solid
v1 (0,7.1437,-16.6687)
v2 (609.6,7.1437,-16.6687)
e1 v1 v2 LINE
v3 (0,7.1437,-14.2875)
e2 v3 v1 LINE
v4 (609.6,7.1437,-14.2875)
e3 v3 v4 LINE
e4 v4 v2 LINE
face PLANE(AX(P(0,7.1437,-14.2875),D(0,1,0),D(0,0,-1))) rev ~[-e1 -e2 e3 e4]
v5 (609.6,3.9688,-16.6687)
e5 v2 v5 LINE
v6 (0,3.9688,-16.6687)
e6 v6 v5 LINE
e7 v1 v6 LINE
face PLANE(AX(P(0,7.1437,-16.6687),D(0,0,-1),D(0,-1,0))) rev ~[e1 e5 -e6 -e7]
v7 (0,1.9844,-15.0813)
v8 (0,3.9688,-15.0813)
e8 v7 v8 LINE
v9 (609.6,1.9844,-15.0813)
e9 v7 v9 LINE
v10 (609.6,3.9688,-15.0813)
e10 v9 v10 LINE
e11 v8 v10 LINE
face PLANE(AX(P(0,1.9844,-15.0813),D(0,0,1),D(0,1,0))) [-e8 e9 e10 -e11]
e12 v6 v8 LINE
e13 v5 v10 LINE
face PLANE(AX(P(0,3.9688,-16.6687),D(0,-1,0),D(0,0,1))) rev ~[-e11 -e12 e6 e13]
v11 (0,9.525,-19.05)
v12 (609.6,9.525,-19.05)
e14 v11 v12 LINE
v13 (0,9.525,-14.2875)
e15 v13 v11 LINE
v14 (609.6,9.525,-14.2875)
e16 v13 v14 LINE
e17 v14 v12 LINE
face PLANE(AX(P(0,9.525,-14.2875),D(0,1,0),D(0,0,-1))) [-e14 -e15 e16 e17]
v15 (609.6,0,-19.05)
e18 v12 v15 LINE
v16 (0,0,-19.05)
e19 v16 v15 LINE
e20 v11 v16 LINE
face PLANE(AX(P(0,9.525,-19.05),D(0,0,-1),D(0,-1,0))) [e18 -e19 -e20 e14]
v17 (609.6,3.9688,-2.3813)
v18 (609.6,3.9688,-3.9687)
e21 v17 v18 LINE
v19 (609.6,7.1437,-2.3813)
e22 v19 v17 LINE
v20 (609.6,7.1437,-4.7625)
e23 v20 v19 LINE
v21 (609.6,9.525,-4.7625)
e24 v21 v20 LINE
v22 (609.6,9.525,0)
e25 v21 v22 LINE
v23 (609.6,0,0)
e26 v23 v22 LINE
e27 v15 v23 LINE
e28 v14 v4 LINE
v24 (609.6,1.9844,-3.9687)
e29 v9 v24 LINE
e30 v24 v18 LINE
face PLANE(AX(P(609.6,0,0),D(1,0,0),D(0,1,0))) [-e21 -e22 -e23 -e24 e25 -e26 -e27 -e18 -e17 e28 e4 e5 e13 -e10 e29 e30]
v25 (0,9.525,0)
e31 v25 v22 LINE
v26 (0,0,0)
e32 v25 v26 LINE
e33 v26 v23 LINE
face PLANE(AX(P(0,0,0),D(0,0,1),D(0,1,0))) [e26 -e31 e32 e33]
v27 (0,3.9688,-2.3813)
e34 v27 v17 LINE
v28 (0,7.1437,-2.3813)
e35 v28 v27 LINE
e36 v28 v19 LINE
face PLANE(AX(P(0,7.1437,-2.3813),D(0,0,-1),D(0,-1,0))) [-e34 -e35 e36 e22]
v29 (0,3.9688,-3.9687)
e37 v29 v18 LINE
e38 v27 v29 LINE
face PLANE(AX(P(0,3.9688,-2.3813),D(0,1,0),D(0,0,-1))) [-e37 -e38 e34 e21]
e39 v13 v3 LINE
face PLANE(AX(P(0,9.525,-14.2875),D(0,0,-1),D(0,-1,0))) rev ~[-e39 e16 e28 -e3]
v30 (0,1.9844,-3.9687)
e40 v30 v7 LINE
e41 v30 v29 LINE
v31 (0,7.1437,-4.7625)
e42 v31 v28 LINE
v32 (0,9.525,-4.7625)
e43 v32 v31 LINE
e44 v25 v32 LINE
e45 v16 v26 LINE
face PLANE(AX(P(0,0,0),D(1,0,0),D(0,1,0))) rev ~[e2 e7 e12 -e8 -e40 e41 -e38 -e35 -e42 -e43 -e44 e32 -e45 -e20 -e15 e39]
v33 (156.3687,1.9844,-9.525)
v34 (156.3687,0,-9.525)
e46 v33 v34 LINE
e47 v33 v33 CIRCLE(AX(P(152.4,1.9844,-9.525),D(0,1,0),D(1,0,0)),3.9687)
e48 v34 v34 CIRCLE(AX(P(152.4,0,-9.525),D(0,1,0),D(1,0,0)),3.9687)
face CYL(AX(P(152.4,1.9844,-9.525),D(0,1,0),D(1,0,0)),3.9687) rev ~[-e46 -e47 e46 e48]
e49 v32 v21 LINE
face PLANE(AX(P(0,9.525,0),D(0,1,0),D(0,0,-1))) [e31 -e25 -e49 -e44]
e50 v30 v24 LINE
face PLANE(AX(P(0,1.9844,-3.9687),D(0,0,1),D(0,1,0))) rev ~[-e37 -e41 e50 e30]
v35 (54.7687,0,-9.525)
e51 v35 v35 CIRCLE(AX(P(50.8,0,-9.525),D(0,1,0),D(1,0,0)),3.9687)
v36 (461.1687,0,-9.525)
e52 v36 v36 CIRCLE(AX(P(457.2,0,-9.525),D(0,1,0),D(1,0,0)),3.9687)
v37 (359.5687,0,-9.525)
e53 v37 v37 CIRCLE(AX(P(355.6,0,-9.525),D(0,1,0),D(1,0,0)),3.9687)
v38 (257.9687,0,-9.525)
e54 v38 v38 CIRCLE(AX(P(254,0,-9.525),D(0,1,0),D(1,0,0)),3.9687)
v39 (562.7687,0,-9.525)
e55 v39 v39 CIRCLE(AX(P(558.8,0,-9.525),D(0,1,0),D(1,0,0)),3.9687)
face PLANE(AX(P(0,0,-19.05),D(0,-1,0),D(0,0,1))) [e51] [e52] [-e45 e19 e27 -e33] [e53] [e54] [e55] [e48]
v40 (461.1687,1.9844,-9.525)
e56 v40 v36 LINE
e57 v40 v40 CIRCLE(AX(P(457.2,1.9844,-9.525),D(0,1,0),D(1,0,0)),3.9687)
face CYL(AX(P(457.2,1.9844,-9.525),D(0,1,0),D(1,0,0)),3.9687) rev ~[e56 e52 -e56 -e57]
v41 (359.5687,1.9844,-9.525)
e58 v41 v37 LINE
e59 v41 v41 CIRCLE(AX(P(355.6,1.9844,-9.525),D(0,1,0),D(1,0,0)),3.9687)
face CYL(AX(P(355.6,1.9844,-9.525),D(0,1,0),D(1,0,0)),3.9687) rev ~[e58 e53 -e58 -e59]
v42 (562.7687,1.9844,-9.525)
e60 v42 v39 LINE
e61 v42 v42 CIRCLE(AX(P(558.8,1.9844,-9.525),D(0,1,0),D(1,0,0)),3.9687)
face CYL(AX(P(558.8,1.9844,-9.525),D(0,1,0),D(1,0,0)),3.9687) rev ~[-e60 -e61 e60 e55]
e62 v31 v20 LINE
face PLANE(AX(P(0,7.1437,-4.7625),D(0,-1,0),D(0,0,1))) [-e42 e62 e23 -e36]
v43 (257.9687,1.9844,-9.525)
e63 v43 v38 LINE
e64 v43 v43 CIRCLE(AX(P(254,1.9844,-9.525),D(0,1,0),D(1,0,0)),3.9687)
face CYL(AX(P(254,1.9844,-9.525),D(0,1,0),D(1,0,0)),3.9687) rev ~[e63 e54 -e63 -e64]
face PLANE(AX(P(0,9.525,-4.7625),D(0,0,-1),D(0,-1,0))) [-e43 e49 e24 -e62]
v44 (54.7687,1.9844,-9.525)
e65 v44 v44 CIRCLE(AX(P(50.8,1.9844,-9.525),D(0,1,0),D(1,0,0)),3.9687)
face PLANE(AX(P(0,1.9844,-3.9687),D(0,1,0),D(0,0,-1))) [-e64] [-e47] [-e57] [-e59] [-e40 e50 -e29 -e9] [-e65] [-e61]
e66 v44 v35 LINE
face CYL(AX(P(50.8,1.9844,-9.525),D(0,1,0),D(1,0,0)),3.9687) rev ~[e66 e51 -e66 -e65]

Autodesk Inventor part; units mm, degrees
ref_plane "YZ Plane" through (0, 0, 0) normal (1, 0, 0) x (0, 1, 0)
ref_plane "XZ Plane" through (0, 0, 0) normal (0, 1, 0) x (-1, 0, 0)
ref_plane "XY Plane" through (0, 0, 0) normal (0, 0, 1) x (1, 0, 0)
sketch "Sketch1" plane through (0, 0, 0) normal (1, 0, 0) x (0, 1, 0)
  line L0 (0, 0) -> (9.525, 0)
  line L1 (9.525, 0) -> (9.525, -19.05)
  line L2 (9.525, -19.05) -> (0, -19.05)
  line L3 (0, -19.05) -> (0, 0)
  line L4 (0, 0) -> (7.1437, 0)
  line L5 (7.1437, 0) -> (7.1437, -19.05) construction
  line L6 (0, 0) -> (3.9688, 0) construction
  line L7 (3.9688, 0) -> (3.9688, -19.231) construction
  line L8 (9.525, -9.525) -> (9.525, -2.3813) construction
  line L9 (9.525, -9.525) -> (9.525, -4.7625)
  line L10 (9.525, -4.7625) -> (7.1437, -4.7625)
  line L11 (7.1437, -4.7625) -> (7.1437, -2.3813)
  line L12 (9.525, -9.525) -> (12.141, -9.525)
  line L13 (7.1437, -2.3813) -> (3.9688, -2.3813)
  line L14 (9.525, -9.525) -> (9.525, -3.9688)
  line L15 (9.525, -3.9688) -> (0, -3.9687) construction
  line L16 (3.9688, -2.3813) -> (3.9688, -3.9687)
  line L17 (1.9844, -3.9687) -> (3.9688, -3.9687)
  line L18 (1.9844, -3.9687) -> (1.9844, -9.525)
  line L19 (9.525, -14.2875) -> (7.1437, -14.2875)
  line L20 (7.1437, -14.2875) -> (7.1437, -16.6687)
  line L21 (7.1437, -16.6687) -> (3.9688, -16.6687)
  line L22 (3.9688, -16.6687) -> (3.9688, -15.0813)
  line L23 (1.9844, -15.0813) -> (3.9688, -15.0813)
  line L24 (1.9844, -15.0813) -> (1.9844, -9.525)
  dimension "d20" = 9.525
  dimension "d21" = 19.05
  dimension "d22" = 7.1437
  dimension "d23" = 3.9688
  dimension "d24" = 7.1437
  dimension "d25" = 4.7625
  dimension "d26" = 5.5563
extrude "Extrusion1" add sketch "Sketch1" along normal blind 609.6 contours L0 L1 L10 L11 L13 L16 L17 L18 L24 L23 L22 L21 L20 L19 L2 L3
sketch "Sketch2" plane through (0, 1.9844, -3.9687) normal (0, 1, 0) x (1, 0, 0)
  line L0 (0, 11.1125) -> (0, 0) projected
  line L1 (0, 0) -> (609.6, 0) projected
  line L2 (609.6, 11.1125) -> (609.6, 0) projected
  line L3 (0, 11.1125) -> (609.6, 11.1125) projected
  line L4 (0, 5.5563) -> (50.8, 5.5563)
  line L5 (50.8, 5.5563) -> (152.4, 5.5563)
  line L6 (152.4, 5.5563) -> (50.8, 5.5563)
  line L7 (50.8, 5.5563) -> (254, 5.5563)
  circle A0 centre (50.8, 5.5563) radius 3.9687
  circle A1 centre (152.4, 5.5563) radius 3.9687
  circle A2 centre (254, 5.5563) radius 3.9687
  line L8 (304.8, 0) -> (304.8, 17.8436)
  circle A3 centre (558.8, 5.5563) radius 3.9687
  circle A4 centre (457.2, 5.5563) radius 3.9687
  circle A5 centre (355.6, 5.5563) radius 3.9687
  point P0 (0, -3.9687)
  dimension "d27" = 50.8
  dimension "d28" = 101.6
  dimension "d29" = 101.6
  dimension "d30" = 203.2
  dimension "d31" = 7.9375
  dimension "d32" = 7.9375
  dimension "d33" = 7.9375
extrude "Extrusion2" cut sketch "Sketch2" against normal through all contours A2 | A1 L7 L5 | L5 L7 A1 | A0 L5 L4 | L4 L5 A0 | A3 | A4 | A5
properties part number "C-Channel"
